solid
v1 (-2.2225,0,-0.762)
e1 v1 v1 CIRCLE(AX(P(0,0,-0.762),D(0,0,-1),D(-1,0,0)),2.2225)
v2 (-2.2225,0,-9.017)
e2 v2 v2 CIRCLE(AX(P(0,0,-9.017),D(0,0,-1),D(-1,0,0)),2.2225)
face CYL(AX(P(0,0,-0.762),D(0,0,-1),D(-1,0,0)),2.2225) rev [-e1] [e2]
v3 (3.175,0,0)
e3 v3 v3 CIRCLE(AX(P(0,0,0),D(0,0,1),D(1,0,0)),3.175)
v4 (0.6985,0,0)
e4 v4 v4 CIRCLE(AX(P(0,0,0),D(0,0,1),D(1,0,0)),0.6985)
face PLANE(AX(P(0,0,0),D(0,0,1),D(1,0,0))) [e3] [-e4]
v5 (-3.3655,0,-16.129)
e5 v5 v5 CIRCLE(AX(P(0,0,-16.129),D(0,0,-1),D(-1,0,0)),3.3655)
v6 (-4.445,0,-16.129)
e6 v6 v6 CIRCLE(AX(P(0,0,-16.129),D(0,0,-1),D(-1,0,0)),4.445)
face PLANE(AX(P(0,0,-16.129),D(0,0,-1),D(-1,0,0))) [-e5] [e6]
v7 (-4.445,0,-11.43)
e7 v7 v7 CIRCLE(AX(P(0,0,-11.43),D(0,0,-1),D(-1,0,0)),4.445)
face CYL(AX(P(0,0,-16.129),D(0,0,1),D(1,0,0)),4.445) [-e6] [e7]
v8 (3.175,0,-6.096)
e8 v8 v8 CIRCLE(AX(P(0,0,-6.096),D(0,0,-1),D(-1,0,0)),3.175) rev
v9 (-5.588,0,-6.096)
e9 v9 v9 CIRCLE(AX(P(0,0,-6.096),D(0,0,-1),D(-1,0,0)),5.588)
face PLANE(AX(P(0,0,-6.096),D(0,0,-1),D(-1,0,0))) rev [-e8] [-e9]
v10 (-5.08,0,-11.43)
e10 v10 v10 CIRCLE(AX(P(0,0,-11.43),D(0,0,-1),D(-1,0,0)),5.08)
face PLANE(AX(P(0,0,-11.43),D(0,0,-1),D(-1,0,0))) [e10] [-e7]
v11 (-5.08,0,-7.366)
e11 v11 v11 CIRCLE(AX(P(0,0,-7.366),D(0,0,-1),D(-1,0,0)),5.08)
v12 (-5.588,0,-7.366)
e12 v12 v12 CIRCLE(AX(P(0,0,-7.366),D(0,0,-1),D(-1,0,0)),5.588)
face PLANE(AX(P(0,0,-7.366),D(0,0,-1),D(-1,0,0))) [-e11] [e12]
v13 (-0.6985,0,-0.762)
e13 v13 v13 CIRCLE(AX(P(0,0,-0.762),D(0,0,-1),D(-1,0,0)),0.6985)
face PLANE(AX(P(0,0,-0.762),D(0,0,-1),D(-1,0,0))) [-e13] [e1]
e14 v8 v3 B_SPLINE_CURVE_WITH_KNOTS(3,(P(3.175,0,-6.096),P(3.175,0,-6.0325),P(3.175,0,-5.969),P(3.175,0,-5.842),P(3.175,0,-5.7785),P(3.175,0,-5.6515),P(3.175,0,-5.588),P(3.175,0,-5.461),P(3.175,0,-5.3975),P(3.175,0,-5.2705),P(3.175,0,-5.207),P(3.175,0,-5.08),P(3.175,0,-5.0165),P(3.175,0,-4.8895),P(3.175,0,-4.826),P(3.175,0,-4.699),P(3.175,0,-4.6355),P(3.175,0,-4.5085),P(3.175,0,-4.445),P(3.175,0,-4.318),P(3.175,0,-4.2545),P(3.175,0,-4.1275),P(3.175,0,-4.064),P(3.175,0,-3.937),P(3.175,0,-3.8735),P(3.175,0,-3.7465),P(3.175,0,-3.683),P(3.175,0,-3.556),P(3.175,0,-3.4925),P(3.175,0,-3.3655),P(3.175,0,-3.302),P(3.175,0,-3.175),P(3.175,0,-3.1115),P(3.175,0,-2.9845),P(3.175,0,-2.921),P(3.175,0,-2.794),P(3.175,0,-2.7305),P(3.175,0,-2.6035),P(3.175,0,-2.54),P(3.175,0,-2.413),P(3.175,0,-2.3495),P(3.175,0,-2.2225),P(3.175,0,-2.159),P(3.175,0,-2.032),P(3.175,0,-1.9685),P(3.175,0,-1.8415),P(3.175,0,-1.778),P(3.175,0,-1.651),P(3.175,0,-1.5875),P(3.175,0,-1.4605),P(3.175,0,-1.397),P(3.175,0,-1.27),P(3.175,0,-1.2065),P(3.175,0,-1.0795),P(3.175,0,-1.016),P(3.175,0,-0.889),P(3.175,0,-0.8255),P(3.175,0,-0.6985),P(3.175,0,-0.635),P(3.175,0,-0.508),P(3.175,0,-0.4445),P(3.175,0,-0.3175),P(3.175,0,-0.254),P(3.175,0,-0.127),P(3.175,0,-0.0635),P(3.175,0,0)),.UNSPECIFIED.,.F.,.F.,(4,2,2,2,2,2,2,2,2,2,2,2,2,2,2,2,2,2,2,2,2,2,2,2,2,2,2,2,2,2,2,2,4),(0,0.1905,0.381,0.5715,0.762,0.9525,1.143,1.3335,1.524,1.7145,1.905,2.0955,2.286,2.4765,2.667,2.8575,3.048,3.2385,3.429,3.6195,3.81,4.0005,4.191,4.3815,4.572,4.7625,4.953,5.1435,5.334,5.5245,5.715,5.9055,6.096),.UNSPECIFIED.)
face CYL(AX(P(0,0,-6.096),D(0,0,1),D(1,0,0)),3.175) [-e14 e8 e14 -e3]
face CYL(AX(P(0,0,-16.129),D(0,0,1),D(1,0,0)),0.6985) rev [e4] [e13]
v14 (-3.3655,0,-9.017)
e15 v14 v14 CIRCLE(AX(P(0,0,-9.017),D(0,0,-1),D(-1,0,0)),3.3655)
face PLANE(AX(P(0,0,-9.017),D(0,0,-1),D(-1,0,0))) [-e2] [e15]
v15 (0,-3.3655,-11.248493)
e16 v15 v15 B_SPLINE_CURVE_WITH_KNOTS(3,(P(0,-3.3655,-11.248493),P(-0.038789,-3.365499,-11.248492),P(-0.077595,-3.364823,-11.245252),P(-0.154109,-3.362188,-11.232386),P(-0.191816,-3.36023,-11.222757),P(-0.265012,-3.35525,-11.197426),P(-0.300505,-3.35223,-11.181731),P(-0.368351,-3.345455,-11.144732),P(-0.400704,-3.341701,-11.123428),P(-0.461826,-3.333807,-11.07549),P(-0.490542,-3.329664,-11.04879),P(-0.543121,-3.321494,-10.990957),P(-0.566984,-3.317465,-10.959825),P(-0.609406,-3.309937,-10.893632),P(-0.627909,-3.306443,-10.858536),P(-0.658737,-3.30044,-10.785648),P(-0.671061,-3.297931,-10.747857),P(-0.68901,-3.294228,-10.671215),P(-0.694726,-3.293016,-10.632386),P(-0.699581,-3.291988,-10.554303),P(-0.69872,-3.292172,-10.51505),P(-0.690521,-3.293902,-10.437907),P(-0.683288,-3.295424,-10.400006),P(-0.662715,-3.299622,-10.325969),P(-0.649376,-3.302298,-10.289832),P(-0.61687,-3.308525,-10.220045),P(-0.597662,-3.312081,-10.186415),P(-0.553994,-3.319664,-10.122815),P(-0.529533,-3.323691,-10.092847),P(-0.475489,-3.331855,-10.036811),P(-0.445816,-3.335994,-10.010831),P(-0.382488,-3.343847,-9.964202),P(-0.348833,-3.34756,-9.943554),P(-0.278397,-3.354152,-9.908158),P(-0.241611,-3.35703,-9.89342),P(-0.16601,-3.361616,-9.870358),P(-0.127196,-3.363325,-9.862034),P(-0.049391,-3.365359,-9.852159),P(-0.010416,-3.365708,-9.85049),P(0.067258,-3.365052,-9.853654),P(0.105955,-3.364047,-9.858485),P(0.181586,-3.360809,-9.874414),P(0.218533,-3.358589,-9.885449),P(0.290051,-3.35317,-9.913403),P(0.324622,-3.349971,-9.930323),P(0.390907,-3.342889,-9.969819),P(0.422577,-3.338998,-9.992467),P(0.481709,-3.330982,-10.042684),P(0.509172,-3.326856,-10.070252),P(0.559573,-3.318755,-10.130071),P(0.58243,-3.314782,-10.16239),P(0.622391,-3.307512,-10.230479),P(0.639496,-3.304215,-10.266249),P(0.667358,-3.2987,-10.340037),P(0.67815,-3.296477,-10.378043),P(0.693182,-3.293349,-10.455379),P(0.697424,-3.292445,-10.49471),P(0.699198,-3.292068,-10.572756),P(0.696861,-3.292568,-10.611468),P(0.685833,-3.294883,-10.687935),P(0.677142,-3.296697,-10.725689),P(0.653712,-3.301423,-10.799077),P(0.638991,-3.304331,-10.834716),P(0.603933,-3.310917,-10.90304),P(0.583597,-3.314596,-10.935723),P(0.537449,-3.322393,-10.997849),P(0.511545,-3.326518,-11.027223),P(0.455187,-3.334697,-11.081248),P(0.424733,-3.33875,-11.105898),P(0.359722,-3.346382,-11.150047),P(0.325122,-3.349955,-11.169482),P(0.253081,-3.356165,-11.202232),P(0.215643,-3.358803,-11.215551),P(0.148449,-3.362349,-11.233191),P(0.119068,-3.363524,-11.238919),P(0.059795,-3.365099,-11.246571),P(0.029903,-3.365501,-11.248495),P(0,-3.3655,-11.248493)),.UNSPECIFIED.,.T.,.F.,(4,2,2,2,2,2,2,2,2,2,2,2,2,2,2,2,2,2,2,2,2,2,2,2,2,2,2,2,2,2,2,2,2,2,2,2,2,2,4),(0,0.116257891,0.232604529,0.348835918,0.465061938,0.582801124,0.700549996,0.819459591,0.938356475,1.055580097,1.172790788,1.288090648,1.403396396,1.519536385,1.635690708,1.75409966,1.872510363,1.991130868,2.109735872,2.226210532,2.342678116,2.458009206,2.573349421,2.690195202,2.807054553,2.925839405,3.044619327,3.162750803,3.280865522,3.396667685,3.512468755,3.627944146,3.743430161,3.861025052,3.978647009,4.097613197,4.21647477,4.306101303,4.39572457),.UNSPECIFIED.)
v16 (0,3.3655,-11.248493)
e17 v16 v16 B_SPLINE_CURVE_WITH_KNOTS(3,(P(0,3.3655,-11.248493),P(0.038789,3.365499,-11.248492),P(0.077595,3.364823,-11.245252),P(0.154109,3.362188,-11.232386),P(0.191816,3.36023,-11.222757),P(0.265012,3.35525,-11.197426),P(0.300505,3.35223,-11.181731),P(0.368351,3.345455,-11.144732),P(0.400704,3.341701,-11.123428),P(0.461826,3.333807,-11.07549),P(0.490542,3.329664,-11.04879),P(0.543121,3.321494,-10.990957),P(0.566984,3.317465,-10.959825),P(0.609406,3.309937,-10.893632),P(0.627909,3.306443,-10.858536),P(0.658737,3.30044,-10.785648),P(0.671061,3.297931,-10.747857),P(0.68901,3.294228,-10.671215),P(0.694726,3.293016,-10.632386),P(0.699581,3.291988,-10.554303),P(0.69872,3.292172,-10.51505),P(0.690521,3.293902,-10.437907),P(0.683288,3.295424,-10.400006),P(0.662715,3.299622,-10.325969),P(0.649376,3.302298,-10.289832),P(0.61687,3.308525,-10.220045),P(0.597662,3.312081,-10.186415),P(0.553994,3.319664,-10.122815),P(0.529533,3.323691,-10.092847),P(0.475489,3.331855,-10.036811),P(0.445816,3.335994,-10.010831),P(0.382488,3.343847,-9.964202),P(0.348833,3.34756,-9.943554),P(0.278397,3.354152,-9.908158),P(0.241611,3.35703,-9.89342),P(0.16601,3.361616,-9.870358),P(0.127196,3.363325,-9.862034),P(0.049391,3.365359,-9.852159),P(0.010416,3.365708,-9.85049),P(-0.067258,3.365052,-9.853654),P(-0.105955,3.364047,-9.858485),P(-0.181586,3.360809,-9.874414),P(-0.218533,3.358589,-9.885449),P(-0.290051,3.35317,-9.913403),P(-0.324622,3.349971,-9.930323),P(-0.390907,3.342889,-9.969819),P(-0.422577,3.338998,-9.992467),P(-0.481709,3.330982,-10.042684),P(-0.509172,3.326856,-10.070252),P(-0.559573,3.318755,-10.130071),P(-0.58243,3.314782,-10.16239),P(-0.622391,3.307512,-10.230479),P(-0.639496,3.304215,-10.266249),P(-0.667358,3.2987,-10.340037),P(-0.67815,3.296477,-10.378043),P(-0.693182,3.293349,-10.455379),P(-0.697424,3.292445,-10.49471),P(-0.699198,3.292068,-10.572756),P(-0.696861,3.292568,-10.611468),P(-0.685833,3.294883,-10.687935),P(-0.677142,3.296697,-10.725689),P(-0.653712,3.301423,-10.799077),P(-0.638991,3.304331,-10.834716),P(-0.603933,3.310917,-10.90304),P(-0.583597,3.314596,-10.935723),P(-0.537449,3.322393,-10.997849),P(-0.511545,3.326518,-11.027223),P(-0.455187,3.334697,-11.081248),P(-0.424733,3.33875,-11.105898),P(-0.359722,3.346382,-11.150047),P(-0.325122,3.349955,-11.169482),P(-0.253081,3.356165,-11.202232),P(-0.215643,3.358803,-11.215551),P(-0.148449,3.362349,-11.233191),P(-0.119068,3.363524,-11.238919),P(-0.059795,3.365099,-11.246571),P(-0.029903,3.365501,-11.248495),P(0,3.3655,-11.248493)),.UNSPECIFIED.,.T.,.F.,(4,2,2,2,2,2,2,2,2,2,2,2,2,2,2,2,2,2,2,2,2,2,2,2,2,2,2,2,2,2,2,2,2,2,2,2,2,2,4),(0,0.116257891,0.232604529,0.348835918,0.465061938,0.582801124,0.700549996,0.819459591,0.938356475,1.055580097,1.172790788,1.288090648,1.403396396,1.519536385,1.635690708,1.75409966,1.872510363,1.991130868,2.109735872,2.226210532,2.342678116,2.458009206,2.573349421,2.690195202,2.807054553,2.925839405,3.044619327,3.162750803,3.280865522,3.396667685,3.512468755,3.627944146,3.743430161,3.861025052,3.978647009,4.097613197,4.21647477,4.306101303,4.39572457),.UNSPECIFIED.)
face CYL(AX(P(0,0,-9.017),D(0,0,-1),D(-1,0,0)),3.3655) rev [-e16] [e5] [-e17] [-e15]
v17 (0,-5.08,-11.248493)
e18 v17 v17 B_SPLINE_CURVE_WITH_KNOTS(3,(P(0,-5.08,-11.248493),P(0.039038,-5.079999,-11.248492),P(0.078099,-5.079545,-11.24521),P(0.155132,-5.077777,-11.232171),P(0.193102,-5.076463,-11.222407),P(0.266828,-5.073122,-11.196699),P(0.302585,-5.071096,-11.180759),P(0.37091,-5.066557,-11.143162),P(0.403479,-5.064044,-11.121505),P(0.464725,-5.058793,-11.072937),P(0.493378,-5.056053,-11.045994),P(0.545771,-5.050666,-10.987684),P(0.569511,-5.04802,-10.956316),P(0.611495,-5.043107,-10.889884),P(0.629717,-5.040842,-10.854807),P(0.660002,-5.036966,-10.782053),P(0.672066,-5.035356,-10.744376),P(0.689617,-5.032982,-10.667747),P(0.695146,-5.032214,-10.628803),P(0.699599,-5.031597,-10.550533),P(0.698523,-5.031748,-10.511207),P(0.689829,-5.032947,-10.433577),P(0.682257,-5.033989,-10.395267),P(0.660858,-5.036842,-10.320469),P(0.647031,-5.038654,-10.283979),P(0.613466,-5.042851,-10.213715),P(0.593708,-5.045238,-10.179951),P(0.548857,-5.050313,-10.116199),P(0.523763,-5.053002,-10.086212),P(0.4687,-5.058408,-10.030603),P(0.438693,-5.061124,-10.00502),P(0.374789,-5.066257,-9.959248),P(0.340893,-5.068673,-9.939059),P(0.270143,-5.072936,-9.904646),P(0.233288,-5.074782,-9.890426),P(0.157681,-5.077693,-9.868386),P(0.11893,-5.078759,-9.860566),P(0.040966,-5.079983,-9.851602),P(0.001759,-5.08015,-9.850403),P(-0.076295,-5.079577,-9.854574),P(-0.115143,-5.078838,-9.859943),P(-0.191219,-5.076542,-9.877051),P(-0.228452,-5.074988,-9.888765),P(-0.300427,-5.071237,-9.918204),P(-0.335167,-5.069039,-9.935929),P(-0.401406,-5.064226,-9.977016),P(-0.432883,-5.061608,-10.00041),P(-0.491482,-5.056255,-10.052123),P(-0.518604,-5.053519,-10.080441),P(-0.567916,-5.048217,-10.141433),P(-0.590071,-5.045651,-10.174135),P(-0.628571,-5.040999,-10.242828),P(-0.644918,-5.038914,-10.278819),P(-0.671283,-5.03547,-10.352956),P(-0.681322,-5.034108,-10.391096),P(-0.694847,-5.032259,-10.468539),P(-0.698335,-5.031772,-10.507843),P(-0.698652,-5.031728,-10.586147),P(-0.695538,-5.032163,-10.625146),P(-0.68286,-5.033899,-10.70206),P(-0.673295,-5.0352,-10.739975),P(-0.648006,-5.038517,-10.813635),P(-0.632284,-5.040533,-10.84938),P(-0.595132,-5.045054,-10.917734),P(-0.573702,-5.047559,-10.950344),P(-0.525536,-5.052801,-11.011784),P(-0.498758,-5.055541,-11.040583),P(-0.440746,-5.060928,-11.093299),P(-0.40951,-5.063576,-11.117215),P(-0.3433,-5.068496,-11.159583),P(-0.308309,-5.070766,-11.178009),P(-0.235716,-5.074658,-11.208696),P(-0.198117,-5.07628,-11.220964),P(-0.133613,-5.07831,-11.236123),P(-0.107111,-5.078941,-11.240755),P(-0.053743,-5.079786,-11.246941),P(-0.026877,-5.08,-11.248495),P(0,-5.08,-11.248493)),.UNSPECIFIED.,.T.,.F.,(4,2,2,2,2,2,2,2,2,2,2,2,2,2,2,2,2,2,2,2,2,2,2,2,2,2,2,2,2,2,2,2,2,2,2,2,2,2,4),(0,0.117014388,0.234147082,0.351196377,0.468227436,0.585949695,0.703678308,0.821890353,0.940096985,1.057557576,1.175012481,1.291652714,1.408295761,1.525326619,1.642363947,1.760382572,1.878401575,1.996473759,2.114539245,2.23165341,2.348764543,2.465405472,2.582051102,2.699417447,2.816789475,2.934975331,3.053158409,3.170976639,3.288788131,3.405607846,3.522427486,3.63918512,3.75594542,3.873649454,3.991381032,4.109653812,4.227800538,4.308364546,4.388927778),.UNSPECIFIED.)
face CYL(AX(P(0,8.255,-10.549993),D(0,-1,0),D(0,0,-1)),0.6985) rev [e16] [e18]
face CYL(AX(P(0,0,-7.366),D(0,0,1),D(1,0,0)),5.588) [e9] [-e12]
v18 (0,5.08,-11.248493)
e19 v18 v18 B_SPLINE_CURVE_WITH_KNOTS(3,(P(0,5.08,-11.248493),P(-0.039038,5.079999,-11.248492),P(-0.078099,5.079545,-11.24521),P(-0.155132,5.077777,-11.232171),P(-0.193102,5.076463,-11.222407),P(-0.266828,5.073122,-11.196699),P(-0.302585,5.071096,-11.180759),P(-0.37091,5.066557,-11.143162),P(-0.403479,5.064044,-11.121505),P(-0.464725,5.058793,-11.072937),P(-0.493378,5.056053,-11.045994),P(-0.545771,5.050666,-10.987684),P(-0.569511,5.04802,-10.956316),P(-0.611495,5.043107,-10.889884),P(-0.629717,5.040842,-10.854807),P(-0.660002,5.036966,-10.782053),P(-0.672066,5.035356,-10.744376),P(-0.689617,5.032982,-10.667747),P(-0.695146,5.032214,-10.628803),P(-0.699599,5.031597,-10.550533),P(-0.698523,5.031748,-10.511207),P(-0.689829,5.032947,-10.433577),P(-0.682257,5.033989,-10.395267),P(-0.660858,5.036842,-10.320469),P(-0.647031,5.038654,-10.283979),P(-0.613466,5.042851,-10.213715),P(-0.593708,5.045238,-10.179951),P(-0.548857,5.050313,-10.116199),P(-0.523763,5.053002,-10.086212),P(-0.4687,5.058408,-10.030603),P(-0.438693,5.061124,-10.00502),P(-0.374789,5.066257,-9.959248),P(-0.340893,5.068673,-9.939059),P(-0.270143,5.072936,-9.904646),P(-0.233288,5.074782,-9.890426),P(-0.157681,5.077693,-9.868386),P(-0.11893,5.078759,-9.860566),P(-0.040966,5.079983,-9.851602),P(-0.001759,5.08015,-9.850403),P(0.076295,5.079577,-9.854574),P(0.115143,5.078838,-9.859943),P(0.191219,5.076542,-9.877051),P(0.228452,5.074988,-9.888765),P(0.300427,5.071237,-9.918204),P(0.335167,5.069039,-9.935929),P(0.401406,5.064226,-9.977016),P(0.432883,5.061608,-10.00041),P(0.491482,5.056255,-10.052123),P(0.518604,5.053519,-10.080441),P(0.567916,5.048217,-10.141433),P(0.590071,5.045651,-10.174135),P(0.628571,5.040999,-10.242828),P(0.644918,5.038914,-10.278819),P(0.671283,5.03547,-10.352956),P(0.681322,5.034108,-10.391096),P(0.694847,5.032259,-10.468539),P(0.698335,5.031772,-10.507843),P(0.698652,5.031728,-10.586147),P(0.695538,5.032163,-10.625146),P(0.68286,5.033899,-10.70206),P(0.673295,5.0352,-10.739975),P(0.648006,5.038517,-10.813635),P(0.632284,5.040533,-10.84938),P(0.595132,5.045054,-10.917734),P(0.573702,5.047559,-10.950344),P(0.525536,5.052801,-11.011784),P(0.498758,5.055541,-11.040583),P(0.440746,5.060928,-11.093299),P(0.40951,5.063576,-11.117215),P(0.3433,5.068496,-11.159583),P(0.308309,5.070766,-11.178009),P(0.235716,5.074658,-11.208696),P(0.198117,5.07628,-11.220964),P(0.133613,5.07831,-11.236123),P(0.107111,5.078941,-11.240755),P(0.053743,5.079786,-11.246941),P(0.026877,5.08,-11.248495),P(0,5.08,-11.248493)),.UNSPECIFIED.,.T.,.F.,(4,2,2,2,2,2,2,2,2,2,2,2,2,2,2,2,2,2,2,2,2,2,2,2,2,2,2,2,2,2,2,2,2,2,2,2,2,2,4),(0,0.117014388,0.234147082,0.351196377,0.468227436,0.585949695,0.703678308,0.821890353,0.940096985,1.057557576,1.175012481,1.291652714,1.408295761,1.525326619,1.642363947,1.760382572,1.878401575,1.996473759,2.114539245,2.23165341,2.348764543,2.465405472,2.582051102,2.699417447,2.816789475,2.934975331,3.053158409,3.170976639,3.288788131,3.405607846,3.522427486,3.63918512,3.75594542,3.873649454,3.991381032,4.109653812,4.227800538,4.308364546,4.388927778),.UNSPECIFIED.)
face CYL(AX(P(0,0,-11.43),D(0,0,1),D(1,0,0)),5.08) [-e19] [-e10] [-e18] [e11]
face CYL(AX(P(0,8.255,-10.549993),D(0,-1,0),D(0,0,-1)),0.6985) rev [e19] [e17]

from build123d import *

# Parameters (mm, degrees)
SKETCH2_R               = 3.175
BOSS_EXTRUDE1_DEPTH     = 6.096
SKETCH3_R               = 5.588
BOSS_EXTRUDE2_DEPTH     = 1.27
SKETCH4_R               = 5.08
BOSS_EXTRUDE3_DEPTH     = 4.064
SKETCH5_R               = 4.445
BOSS_EXTRUDE4_DEPTH     = 4.699
SKETCH6_R               = 3.3655
CUT_EXTRUDE1_DEPTH      = 7.112
SKETCH7_R               = 2.2225
CUT_EXTRUDE2_DEPTH      = 8.255
SKETCH8_R               = 0.6985
CUT_EXTRUDE3_DEPTH      = 18.960961249
CUT_EXTRUDE4_DEPTH      = 8.255
CUT_EXTRUDE4_DEPTH_BACK = 8.255
SKETCH9_R               = 0.6985


with BuildPart() as part:
    # Sketch2 → Boss-Extrude1 (new body)
    with BuildSketch(Plane.XY):
        Circle(SKETCH2_R)
    extrude(amount=-BOSS_EXTRUDE1_DEPTH)

    # Sketch3 → Boss-Extrude2 (add)
    with BuildSketch(Plane(origin=(0, 0, -6.096), x_dir=(-1, 0, 0), z_dir=(0, 0, -1))):
        Circle(SKETCH3_R)
    extrude(amount=BOSS_EXTRUDE2_DEPTH)

    # Sketch4 → Boss-Extrude3 (add)
    with BuildSketch(Plane(origin=(0, 0, -7.366), x_dir=(-1, 0, 0), z_dir=(0, 0, -1))):
        Circle(SKETCH4_R)
    extrude(amount=BOSS_EXTRUDE3_DEPTH)

    # Sketch5 → Boss-Extrude4 (add)
    with BuildSketch(Plane(origin=(0, 0, -11.43), x_dir=(-1, 0, 0), z_dir=(0, 0, -1))):
        Circle(SKETCH5_R)
    extrude(amount=BOSS_EXTRUDE4_DEPTH)

    # Sketch6 → Cut-Extrude1 (cut)
    with BuildSketch(Plane(origin=(0, 0, -16.129), x_dir=(-1, 0, 0), z_dir=(0, 0, -1))):
        Circle(SKETCH6_R)
    extrude(amount=-CUT_EXTRUDE1_DEPTH, mode=Mode.SUBTRACT)

    # Sketch7 → Cut-Extrude2 (cut)
    with BuildSketch(Plane(origin=(0, 0, -9.017), x_dir=(-1, 0, 0), z_dir=(0, 0, -1))):
        Circle(SKETCH7_R)
    extrude(amount=-CUT_EXTRUDE2_DEPTH, mode=Mode.SUBTRACT)

    # Sketch8 → Cut-Extrude3 (cut, through all)
    with BuildSketch(Plane.XY):
        Circle(SKETCH8_R)
    extrude(amount=-CUT_EXTRUDE3_DEPTH, mode=Mode.SUBTRACT)

    # Sketch9 → Cut-Extrude4 (cut, two sides: drawn at the far end of the back side and taken through both)
    with BuildSketch(Plane(origin=(0, 0, 0), x_dir=(1, 0, 0), z_dir=(0, 1, 0)).offset(-CUT_EXTRUDE4_DEPTH_BACK)):
        with Locations((0, 10.549993494)):
            Circle(SKETCH9_R)
    extrude(amount=CUT_EXTRUDE4_DEPTH + CUT_EXTRUDE4_DEPTH_BACK, mode=Mode.SUBTRACT)


solid = part.part
